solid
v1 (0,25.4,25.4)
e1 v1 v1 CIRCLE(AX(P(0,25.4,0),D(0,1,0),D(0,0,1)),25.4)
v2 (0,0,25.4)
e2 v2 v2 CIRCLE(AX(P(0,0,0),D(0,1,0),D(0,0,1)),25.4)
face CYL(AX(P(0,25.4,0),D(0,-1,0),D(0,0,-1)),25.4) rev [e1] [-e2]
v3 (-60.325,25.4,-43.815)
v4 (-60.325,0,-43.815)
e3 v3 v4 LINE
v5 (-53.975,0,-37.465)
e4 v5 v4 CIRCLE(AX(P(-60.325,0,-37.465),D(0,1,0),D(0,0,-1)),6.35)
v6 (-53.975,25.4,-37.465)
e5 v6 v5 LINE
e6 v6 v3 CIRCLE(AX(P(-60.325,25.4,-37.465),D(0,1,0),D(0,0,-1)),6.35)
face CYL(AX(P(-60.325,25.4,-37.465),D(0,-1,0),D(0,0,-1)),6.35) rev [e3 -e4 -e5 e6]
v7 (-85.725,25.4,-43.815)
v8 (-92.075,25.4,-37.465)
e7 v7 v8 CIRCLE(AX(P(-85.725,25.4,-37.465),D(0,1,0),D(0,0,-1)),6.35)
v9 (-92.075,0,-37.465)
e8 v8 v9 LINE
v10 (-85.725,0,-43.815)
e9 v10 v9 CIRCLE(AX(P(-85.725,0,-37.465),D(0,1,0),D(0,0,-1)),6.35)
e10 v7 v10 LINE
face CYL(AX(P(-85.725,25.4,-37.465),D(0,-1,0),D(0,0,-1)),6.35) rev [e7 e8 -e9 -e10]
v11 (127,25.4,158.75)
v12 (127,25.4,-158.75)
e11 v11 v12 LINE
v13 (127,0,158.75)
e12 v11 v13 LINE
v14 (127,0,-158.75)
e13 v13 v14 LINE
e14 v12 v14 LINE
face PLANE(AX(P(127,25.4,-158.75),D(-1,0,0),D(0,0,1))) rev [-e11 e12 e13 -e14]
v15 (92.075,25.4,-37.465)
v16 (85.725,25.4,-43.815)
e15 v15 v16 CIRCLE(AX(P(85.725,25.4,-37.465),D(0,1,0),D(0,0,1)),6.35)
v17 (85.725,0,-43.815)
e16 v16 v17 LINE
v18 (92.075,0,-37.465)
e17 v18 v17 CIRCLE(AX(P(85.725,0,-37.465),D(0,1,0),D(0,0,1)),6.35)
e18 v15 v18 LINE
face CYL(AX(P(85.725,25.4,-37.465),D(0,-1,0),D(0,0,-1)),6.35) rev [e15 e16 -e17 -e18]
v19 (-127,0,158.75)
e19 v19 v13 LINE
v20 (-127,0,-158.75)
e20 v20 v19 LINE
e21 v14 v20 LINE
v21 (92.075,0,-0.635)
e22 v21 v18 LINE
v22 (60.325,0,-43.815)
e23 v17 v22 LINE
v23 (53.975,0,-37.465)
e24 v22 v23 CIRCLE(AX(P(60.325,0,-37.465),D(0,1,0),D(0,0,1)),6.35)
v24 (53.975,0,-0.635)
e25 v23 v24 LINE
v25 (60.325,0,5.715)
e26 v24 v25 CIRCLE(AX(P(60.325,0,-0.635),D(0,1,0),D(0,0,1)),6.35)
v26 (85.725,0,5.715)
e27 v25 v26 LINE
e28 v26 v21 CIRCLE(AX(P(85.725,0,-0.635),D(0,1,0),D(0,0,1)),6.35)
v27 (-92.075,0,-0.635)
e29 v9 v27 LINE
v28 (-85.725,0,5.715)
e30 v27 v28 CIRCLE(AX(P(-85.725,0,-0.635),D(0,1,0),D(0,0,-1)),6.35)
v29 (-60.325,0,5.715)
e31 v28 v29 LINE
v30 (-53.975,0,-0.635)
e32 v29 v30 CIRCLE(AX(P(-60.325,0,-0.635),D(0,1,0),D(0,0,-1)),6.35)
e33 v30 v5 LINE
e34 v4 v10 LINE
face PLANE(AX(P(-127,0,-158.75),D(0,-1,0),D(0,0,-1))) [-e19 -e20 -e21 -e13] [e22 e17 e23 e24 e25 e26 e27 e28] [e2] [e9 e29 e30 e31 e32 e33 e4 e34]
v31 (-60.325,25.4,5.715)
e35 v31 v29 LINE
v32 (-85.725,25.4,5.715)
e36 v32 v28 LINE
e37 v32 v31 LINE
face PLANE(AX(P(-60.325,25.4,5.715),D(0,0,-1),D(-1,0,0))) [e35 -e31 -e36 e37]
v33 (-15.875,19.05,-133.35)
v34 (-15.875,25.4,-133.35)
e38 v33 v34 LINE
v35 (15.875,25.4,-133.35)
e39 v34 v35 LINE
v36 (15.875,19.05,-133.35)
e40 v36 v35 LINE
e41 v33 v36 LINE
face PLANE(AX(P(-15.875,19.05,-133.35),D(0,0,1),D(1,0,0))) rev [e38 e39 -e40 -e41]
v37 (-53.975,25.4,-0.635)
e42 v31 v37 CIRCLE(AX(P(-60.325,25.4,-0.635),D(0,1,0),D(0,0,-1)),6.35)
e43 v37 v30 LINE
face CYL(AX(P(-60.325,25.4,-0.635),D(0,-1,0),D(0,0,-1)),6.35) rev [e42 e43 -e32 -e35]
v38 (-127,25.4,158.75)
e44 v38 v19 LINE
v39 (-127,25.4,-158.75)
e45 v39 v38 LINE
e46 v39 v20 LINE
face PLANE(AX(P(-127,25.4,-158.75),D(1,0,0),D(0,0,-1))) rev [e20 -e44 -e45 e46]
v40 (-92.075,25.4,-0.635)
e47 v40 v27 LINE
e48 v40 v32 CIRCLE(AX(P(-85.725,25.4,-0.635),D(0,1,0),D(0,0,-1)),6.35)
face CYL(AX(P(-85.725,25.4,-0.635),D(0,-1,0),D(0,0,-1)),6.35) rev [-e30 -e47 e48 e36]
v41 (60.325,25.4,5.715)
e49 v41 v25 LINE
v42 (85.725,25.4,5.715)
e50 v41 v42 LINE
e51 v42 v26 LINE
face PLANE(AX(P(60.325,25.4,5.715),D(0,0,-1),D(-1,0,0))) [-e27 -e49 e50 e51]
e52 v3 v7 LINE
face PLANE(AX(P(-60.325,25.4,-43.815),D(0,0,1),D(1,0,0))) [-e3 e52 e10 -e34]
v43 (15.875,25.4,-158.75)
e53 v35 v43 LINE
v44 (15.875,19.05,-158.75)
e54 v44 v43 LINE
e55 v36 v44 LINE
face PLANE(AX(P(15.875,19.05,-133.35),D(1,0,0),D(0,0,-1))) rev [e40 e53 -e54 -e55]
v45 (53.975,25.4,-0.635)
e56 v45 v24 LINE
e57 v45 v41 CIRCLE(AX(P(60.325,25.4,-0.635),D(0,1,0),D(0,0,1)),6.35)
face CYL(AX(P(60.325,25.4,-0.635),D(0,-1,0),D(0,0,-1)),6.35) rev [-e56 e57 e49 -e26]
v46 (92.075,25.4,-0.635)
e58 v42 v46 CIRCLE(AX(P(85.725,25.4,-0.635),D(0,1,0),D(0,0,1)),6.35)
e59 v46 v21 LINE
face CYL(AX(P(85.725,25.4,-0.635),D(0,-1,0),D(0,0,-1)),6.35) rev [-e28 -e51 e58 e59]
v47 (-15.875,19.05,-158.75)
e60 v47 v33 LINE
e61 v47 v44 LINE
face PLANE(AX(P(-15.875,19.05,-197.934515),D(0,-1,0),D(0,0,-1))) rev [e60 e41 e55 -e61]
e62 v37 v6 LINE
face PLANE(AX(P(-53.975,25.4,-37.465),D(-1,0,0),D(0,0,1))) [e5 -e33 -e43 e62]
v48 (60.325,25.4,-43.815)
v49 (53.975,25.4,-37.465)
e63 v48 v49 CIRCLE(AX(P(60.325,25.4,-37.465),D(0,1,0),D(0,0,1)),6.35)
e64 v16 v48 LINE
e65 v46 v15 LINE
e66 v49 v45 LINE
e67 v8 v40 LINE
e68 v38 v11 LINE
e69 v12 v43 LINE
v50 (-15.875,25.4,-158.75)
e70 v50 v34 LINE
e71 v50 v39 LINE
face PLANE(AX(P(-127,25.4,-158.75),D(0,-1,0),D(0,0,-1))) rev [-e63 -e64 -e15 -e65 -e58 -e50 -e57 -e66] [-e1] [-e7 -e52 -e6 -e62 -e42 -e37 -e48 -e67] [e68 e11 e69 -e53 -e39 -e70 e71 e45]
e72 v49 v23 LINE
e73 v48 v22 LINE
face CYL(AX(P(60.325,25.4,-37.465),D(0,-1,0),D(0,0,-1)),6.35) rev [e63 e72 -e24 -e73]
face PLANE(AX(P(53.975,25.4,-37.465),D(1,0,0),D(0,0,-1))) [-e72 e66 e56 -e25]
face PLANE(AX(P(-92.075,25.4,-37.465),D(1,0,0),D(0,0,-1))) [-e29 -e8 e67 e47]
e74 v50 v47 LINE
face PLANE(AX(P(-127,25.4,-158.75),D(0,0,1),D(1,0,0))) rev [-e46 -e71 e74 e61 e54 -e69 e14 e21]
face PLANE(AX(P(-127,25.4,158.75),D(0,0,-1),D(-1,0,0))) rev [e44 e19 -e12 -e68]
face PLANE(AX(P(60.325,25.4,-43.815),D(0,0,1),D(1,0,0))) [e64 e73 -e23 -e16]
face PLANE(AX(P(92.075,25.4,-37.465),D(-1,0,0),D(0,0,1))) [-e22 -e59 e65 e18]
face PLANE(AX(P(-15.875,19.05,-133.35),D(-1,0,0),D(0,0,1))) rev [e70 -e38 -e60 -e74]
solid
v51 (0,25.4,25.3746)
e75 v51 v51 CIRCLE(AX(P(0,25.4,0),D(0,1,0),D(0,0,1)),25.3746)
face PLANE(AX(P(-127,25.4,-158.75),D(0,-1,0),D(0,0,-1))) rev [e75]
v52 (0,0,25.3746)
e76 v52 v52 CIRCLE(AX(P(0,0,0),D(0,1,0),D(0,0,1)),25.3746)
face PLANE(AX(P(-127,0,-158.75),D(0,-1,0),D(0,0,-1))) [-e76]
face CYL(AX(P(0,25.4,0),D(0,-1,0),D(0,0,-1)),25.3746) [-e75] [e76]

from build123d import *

# Parameters (mm, degrees)
SKETCH2_W          = 254
SKETCH2_H          = 317.5
EXTRUDE1_DEPTH     = 25.4
SKETCH3_R          = 25.4
SKETCH3_R_2        = 25.3746
CUT_EXTRUDE1_DEPTH = 205.879775722
SKETCH4_W          = 31.75
SKETCH4_H          = 64.584514738
CUT_EXTRUDE2_DEPTH = 6.35


with BuildPart() as part:
    # Sketch2 → Extrude1 (new body)
    with BuildSketch(Plane(origin=(0, 0, 0), x_dir=(1, 0, 0), z_dir=(0, 1, 0))):
        Rectangle(SKETCH2_W, SKETCH2_H)
        with BuildLine():
            Line((60.325, 43.815), (85.725, 43.815))
            ThreePointArc((85.725, 43.815), (90.215128061, 41.955128061), (92.075, 37.465))
            Line((92.075, 37.465), (92.075, 0.635))
            ThreePointArc((92.075, 0.635), (90.215128061, -3.855128061), (85.725, -5.715))
            Line((85.725, -5.715), (60.325, -5.715))
            ThreePointArc((60.325, -5.715), (55.834871939, -3.855128061), (53.975, 0.635))
            Line((53.975, 0.635), (53.975, 37.465))
            ThreePointArc((53.975, 37.465), (55.834871939, 41.955128061), (60.325, 43.815))
        make_face(mode=Mode.SUBTRACT)
        with BuildLine():
            Line((-53.975, 37.465), (-53.975, 0.635))
            ThreePointArc((-53.975, 0.635), (-55.834871939, -3.855128061), (-60.325, -5.715))
            Line((-60.325, -5.715), (-85.725, -5.715))
            ThreePointArc((-85.725, -5.715), (-90.215128061, -3.855128061), (-92.075, 0.635))
            Line((-92.075, 0.635), (-92.075, 37.465))
            ThreePointArc((-92.075, 37.465), (-90.215128061, 41.955128061), (-85.725, 43.815))
            Line((-85.725, 43.815), (-60.325, 43.815))
            ThreePointArc((-60.325, 43.815), (-55.834871939, 41.955128061), (-53.975, 37.465))
        make_face(mode=Mode.SUBTRACT)
    extrude(amount=EXTRUDE1_DEPTH)

    # Sketch3 → Cut-Extrude1 (cut, through all)
    with BuildSketch(Plane(origin=(0, 0, 0), x_dir=(1, 0, 0), z_dir=(0, 1, 0))):
        with Locations(Location((0, 0, 0), (0, 0, 270))):
            Circle(SKETCH3_R)
        with Locations(Location((0, 0, 0), (0, 0, 270))):
            Circle(SKETCH3_R_2, mode=Mode.SUBTRACT)
    extrude(amount=CUT_EXTRUDE1_DEPTH, mode=Mode.SUBTRACT)


with BuildPart() as cut_extrude1_piece_1:
    # of the separate pieces the step leaves, piece 1, a body of its own (cut_extrude1_pieces)
    add(part.part.solids().sort_by_distance((127, 0, -158.75))[0])

    # Sketch4 → Cut-Extrude2 (cut)
    with BuildSketch(Plane(origin=(0, 25.4, 0), x_dir=(1, 0, 0), z_dir=(0, 1, 0))):
        with Locations((0, 165.642257369)):
            Rectangle(SKETCH4_W, SKETCH4_H)
    extrude(amount=-CUT_EXTRUDE2_DEPTH, mode=Mode.SUBTRACT)


with BuildPart() as cut_extrude1_piece_2:
    # of the separate pieces the step leaves, piece 2, a body of its own (cut_extrude1_pieces)
    add(part.part.solids().sort_by_distance((0, 0, 25.3746))[0])


solid = Compound([cut_extrude1_piece_1.part, cut_extrude1_piece_2.part])
